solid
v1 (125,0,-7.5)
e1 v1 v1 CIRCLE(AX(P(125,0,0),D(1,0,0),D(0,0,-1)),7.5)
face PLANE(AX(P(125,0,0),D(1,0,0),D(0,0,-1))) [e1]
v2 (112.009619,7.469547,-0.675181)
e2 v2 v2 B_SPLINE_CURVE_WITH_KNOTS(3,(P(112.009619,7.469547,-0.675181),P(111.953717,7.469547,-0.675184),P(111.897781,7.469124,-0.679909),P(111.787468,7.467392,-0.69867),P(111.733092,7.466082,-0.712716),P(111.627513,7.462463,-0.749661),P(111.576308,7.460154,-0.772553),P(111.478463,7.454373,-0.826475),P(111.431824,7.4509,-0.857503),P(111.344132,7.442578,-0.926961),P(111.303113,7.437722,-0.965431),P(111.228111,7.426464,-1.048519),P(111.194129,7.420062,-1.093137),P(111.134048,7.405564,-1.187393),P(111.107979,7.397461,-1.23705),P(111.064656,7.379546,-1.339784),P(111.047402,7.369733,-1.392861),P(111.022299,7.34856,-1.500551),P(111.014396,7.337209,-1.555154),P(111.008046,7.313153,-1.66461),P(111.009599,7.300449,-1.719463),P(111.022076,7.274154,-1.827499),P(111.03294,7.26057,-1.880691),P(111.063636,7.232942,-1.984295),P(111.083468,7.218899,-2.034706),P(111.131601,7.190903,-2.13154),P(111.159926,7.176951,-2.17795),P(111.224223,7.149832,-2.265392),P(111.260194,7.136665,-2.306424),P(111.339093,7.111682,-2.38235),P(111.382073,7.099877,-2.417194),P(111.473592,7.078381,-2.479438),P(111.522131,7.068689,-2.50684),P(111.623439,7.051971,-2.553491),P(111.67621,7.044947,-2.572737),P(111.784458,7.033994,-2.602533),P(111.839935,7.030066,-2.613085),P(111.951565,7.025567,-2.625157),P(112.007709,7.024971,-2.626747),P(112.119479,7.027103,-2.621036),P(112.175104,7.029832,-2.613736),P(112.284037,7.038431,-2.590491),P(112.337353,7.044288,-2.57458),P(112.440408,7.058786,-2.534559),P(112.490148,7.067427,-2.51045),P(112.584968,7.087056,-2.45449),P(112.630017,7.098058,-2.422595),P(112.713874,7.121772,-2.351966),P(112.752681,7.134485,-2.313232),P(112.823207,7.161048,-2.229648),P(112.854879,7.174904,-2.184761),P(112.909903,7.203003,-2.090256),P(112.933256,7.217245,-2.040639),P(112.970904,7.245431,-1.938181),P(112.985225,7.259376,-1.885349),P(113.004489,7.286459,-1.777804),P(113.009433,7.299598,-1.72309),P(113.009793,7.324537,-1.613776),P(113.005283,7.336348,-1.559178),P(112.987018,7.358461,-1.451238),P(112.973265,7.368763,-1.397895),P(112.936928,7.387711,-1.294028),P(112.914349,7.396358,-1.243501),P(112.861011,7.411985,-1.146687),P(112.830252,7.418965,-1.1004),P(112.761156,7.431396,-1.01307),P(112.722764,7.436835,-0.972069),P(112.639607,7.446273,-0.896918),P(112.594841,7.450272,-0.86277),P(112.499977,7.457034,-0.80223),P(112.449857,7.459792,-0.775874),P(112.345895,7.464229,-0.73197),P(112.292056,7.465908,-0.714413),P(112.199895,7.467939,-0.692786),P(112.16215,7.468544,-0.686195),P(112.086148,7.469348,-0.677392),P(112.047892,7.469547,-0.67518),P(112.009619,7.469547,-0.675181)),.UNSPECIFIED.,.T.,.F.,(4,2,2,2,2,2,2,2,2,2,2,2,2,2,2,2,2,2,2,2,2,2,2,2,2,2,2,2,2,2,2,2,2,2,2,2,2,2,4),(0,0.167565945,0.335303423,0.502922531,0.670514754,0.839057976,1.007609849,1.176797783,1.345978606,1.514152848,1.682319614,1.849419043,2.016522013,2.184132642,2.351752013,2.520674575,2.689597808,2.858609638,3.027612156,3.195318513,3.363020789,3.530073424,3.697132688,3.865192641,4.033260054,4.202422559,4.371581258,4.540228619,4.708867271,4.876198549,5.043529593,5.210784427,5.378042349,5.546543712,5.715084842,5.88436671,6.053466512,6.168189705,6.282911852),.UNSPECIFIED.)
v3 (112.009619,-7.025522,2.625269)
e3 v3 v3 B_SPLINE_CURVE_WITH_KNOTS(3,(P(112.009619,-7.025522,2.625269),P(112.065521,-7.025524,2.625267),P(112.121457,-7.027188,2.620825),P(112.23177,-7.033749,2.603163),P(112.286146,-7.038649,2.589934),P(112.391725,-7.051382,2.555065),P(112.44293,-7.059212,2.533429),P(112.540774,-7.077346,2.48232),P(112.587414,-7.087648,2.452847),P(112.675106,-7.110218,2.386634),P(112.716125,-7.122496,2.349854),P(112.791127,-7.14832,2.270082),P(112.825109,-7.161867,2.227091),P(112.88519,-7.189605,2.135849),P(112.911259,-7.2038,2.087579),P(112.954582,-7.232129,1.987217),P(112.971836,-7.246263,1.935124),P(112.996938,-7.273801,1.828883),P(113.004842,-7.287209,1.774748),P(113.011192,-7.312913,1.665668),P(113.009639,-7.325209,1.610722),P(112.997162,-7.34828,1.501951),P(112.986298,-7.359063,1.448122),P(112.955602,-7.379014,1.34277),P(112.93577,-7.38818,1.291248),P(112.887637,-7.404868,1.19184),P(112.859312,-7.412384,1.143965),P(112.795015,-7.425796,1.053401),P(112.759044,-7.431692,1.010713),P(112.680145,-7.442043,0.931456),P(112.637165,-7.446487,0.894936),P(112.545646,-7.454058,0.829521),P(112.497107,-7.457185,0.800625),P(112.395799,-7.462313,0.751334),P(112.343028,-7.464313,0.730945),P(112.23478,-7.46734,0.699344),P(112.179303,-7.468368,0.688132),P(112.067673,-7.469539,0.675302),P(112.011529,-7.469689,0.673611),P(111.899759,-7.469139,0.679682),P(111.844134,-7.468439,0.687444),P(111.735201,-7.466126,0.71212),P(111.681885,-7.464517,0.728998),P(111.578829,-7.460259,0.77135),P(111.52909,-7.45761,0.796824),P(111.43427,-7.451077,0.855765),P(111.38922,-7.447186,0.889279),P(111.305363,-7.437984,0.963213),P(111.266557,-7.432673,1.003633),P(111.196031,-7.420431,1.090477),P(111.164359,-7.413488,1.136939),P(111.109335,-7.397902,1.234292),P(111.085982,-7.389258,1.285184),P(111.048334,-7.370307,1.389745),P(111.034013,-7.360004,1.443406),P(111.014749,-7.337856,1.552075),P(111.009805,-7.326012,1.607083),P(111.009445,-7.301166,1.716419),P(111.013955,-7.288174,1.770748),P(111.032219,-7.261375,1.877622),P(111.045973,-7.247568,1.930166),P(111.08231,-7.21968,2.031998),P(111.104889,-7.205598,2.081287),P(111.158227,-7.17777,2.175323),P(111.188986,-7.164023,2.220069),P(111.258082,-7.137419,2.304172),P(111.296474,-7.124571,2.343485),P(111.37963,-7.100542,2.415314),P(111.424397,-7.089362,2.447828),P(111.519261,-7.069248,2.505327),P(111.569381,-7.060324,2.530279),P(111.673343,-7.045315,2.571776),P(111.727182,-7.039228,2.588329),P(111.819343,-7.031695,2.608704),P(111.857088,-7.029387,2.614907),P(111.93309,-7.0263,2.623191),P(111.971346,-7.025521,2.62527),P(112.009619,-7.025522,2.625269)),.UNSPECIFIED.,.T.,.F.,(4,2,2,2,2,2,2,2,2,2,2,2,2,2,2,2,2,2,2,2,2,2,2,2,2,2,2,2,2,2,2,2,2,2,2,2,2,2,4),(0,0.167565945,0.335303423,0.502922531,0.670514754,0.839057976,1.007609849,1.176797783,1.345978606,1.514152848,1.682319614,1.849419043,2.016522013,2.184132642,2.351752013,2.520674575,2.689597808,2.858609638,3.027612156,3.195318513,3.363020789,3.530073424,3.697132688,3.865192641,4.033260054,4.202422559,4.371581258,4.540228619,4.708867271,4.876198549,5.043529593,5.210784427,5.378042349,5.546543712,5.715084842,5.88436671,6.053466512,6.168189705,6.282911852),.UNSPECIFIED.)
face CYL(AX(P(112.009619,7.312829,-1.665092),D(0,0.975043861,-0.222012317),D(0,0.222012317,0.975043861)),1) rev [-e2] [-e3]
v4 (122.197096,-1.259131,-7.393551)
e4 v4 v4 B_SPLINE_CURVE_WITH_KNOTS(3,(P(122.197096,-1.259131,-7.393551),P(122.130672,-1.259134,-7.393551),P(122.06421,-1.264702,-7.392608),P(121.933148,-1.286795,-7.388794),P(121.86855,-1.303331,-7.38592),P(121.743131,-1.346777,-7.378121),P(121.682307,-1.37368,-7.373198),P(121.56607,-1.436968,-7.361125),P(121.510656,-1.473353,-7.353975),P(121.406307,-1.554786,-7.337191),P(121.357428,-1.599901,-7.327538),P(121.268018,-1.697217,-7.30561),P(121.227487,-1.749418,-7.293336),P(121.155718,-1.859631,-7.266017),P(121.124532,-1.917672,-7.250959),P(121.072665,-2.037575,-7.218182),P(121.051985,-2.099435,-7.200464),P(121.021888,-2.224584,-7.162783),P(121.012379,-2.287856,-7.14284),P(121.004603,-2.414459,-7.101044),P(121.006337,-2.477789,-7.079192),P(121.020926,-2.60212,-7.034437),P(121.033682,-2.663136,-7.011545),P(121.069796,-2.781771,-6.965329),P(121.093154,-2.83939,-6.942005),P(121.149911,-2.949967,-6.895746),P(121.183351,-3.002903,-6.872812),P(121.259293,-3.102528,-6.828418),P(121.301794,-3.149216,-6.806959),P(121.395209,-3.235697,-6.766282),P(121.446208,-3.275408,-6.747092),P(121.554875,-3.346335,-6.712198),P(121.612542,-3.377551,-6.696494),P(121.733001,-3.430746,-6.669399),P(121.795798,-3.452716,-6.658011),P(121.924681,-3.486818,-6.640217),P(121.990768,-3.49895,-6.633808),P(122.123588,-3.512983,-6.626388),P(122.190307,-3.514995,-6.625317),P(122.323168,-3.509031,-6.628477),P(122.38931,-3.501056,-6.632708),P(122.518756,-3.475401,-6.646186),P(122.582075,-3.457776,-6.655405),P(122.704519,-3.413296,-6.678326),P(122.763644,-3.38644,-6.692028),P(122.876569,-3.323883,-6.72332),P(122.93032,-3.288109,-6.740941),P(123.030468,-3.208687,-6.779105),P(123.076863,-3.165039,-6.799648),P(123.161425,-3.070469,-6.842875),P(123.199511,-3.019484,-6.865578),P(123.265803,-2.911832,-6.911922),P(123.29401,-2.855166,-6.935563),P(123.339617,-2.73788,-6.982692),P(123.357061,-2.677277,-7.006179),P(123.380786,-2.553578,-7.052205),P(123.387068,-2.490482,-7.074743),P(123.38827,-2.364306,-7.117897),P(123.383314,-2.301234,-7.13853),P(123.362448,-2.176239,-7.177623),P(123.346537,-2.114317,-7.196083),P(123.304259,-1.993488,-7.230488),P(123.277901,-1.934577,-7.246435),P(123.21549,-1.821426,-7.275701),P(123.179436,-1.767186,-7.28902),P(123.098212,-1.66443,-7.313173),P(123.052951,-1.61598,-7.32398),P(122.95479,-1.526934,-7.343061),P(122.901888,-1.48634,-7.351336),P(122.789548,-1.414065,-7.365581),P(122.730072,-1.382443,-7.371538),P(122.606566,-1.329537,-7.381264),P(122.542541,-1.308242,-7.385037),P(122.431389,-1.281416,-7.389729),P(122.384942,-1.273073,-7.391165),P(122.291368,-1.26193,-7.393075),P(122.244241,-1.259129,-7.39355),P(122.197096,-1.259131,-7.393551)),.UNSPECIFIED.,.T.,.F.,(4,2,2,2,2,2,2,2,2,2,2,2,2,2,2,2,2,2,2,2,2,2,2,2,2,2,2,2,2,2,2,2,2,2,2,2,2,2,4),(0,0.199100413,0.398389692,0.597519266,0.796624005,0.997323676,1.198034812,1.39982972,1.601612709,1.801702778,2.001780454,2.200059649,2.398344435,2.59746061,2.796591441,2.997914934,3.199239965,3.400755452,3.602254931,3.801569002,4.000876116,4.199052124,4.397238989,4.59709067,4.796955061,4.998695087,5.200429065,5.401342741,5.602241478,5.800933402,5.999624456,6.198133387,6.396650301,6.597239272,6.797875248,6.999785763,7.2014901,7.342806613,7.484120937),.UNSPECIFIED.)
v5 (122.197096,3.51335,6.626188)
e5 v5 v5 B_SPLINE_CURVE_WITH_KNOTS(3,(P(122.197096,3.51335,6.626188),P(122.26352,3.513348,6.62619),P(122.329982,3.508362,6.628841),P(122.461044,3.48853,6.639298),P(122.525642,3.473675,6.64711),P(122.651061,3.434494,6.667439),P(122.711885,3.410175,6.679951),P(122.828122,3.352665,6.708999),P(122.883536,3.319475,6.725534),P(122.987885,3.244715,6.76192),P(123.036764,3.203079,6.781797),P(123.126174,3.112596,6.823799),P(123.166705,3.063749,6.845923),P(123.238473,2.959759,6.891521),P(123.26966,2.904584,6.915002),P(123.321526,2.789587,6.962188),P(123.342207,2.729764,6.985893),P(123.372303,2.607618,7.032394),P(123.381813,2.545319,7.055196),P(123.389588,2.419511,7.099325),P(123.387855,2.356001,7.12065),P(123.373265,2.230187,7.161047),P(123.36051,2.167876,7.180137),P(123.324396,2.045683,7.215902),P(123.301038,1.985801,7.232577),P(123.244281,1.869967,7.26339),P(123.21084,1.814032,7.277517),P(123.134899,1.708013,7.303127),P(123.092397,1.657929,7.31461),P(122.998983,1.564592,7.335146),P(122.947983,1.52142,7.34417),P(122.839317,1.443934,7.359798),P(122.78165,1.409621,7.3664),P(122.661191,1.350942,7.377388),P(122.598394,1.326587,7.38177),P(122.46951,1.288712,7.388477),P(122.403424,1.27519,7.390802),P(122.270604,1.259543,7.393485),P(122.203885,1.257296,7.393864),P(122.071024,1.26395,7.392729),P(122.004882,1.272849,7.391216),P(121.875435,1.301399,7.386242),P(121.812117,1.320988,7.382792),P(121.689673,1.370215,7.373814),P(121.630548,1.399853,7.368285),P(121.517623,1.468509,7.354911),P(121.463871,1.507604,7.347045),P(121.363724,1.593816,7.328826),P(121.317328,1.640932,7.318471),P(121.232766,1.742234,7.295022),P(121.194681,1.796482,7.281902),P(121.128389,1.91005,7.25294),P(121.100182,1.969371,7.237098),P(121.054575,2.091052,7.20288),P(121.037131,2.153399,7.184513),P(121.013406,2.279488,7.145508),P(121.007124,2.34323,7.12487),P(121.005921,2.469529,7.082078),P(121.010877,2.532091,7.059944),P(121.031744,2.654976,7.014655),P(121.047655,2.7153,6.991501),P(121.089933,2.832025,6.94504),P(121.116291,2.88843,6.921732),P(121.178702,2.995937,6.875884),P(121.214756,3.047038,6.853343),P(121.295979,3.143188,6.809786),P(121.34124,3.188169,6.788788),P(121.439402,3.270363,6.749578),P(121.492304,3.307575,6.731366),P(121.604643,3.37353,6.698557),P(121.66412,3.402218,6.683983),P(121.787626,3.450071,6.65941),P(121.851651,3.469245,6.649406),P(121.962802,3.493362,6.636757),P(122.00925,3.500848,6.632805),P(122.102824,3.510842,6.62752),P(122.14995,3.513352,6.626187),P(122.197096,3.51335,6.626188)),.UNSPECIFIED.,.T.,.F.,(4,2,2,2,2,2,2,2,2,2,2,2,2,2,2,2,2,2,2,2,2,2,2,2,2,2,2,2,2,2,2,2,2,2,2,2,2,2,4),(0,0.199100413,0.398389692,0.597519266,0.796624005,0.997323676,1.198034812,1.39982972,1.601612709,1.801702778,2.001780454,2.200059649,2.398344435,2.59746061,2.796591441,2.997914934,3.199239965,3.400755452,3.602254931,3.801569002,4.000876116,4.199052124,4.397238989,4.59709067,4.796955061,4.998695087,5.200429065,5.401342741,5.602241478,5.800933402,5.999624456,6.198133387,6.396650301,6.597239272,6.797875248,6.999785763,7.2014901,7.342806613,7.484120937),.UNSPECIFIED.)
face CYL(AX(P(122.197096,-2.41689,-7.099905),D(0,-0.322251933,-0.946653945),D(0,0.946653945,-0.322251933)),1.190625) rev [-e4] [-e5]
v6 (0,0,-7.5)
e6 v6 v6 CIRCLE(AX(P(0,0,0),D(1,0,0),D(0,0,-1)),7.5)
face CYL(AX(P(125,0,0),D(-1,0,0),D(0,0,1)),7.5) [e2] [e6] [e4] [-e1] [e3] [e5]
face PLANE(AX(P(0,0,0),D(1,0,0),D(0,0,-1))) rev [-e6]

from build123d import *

# Parameters (mm, degrees)
SKETCH1_R                       = 7.5
BOSS_EXTRUDE1_DEPTH             = 125
F_3_32_0_09375_DIAMETER_HOLE1_D = 2.38125
F_2MM_DIAMETER_HOLE_D           = 2


with BuildPart() as part:
    # Sketch1 → Boss-Extrude1 (new body)
    with BuildSketch(Plane(origin=(0, 0, 0), x_dir=(0, 0, -1), z_dir=(1, 0, 0))):
        Circle(SKETCH1_R)
    extrude(amount=BOSS_EXTRUDE1_DEPTH)

    # 3/32 (0.09375) Diameter Hole1 (through all)
    with Locations(Plane(origin=(122.197095896, -2.4168895, -7.099904587), x_dir=(0, -0.946653944928, 0.322251933358), z_dir=(0, -0.322251933358, -0.946653944928))):
        with Locations((0, 0)):
            Hole(F_3_32_0_09375_DIAMETER_HOLE1_D / 2)

    # 2mm Diameter Hole (through all)
    with Locations(Plane(origin=(112.009618943, 7.312828958, -1.665092378), x_dir=(0, 0.222012317051, 0.975043861105), z_dir=(0, 0.975043861105, -0.222012317051))):
        with Locations((0, 0)):
            Hole(F_2MM_DIAMETER_HOLE_D / 2)


solid = part.part
